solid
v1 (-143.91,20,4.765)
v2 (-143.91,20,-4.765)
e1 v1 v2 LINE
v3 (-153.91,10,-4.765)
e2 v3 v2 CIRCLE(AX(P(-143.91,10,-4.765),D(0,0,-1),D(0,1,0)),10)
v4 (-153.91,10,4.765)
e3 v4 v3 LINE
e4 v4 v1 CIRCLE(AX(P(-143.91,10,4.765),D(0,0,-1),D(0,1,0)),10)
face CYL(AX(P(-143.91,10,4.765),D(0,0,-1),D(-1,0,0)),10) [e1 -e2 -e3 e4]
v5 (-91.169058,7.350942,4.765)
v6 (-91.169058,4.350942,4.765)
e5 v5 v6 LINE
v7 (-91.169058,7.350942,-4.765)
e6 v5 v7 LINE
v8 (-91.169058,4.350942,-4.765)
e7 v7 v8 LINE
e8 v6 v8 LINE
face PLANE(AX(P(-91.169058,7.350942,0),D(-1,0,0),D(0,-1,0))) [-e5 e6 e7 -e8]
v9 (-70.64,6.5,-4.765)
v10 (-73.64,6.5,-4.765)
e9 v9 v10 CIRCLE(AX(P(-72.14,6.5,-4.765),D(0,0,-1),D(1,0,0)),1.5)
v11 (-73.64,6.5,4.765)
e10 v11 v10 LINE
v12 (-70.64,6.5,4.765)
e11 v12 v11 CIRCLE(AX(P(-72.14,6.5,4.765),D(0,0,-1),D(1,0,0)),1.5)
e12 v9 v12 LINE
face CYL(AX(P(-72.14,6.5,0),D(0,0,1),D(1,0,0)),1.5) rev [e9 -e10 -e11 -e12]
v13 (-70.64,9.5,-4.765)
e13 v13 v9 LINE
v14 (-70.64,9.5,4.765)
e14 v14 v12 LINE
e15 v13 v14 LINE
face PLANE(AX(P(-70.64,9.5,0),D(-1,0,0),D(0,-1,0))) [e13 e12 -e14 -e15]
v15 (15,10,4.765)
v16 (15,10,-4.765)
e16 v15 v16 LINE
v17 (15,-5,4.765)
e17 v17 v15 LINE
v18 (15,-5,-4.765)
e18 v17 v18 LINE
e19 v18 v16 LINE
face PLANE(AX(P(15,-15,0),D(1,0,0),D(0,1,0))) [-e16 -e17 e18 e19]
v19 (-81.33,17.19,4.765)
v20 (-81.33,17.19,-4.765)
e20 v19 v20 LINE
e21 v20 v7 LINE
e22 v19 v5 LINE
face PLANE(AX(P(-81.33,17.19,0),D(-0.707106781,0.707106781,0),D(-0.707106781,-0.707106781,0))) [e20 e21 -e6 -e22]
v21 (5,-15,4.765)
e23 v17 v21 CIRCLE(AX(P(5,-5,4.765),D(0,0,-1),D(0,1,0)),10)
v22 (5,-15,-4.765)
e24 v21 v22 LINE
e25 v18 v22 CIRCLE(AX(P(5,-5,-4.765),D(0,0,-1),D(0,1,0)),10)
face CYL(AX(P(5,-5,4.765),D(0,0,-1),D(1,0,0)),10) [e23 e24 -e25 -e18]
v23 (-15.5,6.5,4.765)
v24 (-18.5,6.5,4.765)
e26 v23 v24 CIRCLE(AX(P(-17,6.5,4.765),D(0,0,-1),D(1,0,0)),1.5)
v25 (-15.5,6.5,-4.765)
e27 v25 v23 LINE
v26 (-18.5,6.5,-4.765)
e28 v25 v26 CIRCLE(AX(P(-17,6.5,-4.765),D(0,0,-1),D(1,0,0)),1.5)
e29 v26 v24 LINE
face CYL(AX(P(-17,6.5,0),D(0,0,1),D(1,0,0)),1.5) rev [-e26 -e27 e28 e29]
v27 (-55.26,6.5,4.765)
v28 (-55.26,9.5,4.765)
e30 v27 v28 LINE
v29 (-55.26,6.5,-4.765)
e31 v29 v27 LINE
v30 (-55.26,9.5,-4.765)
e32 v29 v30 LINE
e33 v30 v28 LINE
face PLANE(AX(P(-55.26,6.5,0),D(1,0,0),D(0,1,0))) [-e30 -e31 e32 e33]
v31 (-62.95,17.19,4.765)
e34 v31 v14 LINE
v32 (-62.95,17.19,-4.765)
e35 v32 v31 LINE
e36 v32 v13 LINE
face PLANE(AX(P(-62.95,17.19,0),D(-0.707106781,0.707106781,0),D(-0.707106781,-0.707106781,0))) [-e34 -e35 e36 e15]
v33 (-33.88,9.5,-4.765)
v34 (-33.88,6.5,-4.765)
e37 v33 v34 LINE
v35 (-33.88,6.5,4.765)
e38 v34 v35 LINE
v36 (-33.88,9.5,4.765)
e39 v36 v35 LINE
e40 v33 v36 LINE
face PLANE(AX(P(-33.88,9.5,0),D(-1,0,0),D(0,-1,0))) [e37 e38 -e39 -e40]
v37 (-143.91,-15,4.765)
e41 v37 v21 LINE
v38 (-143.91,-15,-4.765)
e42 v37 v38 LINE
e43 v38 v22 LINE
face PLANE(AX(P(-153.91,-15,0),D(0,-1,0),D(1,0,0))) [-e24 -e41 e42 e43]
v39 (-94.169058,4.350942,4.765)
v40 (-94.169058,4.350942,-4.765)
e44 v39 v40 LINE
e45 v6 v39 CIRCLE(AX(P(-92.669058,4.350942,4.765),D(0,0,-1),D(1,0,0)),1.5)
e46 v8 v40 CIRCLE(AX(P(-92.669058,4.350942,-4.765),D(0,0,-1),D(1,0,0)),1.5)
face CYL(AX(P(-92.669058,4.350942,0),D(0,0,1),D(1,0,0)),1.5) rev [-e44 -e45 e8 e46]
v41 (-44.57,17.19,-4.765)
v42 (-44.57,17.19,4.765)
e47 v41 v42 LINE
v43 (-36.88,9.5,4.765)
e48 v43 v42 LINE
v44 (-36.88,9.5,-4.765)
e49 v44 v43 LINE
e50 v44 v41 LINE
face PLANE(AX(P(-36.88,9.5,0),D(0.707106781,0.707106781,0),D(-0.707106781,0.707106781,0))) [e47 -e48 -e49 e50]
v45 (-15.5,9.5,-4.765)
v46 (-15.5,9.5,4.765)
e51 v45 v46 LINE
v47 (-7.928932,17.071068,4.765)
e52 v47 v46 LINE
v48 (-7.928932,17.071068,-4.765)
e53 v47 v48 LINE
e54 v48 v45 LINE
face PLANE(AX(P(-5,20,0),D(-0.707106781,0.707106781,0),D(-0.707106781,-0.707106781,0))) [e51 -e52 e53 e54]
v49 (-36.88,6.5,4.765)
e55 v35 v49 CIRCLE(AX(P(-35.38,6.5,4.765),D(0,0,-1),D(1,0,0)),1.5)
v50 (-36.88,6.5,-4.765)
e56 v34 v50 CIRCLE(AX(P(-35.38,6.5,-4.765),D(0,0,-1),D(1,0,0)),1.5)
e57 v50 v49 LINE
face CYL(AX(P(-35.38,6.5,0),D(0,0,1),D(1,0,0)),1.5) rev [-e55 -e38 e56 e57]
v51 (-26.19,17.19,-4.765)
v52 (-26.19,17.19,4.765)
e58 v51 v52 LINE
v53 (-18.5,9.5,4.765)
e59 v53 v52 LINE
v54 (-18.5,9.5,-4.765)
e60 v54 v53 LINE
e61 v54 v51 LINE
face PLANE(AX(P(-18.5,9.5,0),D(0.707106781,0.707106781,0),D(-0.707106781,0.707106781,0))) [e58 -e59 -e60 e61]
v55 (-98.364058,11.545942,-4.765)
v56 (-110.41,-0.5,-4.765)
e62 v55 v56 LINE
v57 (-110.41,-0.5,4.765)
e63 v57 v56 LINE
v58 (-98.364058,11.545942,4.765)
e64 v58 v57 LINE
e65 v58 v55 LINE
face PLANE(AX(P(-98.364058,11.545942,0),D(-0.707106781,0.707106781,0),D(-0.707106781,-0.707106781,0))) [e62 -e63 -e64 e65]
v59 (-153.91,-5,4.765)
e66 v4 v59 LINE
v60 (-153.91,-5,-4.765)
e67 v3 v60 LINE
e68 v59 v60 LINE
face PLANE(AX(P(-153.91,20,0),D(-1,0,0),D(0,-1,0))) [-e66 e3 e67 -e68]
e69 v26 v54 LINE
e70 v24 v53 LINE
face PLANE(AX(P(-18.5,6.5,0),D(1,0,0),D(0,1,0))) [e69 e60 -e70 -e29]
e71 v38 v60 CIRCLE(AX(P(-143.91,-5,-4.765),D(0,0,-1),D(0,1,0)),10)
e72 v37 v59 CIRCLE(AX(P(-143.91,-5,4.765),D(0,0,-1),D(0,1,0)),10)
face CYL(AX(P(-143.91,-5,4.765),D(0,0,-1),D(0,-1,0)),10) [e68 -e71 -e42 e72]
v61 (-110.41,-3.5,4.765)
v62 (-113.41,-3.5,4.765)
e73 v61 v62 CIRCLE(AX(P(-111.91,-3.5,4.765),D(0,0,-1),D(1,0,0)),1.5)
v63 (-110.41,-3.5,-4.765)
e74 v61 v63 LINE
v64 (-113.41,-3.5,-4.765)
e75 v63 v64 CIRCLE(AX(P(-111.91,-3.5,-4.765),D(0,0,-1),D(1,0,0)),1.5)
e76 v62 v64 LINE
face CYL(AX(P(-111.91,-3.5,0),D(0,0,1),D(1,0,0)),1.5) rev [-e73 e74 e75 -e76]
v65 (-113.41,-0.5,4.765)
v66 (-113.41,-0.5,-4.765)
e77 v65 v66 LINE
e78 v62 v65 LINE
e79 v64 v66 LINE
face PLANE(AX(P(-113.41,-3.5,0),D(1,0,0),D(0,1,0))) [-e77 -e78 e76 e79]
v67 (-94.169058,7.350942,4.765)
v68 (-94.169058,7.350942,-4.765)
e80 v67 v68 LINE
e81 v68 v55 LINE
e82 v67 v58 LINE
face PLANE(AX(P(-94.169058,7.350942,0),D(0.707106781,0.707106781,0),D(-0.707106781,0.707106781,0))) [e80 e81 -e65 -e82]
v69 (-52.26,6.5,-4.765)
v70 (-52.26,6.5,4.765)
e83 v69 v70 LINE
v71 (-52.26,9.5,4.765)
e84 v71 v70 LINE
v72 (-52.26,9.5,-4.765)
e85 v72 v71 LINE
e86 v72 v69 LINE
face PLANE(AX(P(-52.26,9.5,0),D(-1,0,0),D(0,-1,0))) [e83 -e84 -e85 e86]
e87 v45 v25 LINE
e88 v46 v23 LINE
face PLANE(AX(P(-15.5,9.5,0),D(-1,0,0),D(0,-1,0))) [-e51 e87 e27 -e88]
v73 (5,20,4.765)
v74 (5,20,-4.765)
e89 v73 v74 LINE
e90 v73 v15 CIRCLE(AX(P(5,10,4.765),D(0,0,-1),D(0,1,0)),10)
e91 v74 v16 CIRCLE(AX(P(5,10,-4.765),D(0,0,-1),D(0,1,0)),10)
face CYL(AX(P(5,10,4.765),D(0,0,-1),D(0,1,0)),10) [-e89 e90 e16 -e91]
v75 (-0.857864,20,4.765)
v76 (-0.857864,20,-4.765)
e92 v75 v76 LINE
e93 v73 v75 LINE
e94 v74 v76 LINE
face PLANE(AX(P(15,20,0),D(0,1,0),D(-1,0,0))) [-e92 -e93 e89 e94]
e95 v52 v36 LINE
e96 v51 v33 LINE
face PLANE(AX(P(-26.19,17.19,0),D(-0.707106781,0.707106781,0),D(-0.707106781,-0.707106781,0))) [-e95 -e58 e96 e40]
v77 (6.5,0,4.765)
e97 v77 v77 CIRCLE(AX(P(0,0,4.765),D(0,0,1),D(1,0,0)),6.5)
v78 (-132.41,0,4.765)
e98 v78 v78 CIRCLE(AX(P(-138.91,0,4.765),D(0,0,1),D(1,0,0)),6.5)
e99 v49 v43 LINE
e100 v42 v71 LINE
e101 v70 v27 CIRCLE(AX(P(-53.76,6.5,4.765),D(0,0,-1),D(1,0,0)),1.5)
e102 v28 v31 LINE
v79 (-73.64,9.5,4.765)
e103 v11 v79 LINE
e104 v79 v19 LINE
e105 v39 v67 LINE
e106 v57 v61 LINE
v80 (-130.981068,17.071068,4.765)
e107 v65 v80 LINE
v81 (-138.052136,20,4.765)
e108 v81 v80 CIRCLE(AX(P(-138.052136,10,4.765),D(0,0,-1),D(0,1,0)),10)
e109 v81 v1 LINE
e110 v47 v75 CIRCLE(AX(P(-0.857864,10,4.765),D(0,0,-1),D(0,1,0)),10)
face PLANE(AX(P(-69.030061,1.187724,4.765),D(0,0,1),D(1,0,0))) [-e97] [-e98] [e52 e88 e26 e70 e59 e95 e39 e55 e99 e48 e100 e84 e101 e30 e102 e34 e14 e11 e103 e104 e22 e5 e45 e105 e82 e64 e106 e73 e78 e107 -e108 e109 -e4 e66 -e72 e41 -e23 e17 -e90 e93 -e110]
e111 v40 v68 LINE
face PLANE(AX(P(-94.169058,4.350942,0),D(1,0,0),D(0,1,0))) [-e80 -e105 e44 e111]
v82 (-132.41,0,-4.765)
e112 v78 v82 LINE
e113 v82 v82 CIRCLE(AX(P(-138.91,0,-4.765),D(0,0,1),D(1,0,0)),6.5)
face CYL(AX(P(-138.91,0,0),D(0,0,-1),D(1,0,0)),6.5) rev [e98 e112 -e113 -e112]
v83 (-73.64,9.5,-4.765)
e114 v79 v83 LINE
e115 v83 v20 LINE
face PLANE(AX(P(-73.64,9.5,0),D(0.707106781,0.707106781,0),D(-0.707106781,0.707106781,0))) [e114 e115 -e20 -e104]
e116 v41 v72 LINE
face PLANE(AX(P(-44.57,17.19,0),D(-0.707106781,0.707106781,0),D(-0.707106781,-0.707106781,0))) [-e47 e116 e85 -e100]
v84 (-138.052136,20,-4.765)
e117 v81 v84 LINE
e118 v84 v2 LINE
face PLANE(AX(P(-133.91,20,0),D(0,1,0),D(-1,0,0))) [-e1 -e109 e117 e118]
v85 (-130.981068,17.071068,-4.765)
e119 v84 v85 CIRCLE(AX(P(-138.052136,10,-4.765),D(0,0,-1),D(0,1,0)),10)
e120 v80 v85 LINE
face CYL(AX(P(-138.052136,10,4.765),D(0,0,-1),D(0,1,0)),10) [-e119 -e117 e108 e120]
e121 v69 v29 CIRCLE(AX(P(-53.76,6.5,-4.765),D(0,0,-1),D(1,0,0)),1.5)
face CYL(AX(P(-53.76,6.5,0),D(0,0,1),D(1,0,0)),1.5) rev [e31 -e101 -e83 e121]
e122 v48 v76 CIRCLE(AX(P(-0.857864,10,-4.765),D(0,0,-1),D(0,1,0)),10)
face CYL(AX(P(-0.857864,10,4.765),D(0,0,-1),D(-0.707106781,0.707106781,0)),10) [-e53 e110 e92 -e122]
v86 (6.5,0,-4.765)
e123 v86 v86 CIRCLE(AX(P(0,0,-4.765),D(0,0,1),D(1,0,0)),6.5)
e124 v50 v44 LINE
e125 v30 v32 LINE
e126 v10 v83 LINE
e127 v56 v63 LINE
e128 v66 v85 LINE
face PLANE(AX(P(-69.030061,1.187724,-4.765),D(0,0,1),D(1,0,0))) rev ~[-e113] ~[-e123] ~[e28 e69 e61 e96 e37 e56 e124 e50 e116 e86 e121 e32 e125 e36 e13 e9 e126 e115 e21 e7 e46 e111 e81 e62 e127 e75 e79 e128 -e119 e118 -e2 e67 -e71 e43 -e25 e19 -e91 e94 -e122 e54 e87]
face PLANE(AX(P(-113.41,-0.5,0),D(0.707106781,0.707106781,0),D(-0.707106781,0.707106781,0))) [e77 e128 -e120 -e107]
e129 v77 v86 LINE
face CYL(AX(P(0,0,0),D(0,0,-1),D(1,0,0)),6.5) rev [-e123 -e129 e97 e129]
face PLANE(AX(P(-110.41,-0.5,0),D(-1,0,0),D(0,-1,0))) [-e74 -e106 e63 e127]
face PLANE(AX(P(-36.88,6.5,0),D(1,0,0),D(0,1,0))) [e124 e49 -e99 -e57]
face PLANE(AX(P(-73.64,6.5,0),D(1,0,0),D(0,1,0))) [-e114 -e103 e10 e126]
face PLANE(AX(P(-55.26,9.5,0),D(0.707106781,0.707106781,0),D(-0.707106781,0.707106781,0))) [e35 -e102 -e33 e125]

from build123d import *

# Parameters (mm, degrees)
CROQUIS9_R              = 6.5
SALIENTE_EXTRUIR1_DEPTH = 4.765
REDONDEO1_R             = 10


with BuildPart() as part:
    # Croquis9 → Saliente-Extruir1 (new, symmetric)
    with BuildSketch(Plane.XY):
        with BuildLine():
            Line((-5, 20), (-15.5, 9.5))
            Line((-15.5, 9.5), (-15.5, 6.5))
            ThreePointArc((-15.5, 6.5), (-17, 5), (-18.5, 6.5))
            Line((-18.5, 6.5), (-18.5, 9.5))
            Line((-18.5, 9.5), (-26.19, 17.19))
            Line((-26.19, 17.19), (-33.88, 9.5))
            Line((-33.88, 9.5), (-33.88, 6.5))
            ThreePointArc((-33.88, 6.5), (-35.38, 5), (-36.88, 6.5))
            Line((-36.88, 6.5), (-36.88, 9.5))
            Line((-36.88, 9.5), (-44.57, 17.19))
            Line((-44.57, 17.19), (-52.26, 9.5))
            Line((-52.26, 9.5), (-52.26, 6.5))
            ThreePointArc((-52.26, 6.5), (-53.76, 5), (-55.26, 6.5))
            Line((-55.26, 6.5), (-55.26, 9.5))
            Line((-55.26, 9.5), (-62.95, 17.19))
            Line((-62.95, 17.19), (-70.64, 9.5))
            Line((-70.64, 9.5), (-70.64, 6.5))
            ThreePointArc((-70.64, 6.5), (-72.14, 5), (-73.64, 6.5))
            Line((-73.64, 6.5), (-73.64, 9.5))
            Line((-73.64, 9.5), (-81.33, 17.19))
            Line((-81.33, 17.19), (-91.169058454, 7.350941546))
            Line((-91.169058454, 7.350941546), (-91.169058454, 4.350941546))
            ThreePointArc((-91.169058454, 4.350941546), (-92.669058454, 2.850941546), (-94.169058454, 4.350941546))
            Line((-94.169058454, 4.350941546), (-94.169058454, 7.350941546))
            Line((-94.169058454, 7.350941546), (-98.364058454, 11.545941546))
            Line((-98.364058454, 11.545941546), (-110.41, -0.5))
            Line((-110.41, -0.5), (-110.41, -3.5))
            ThreePointArc((-110.41, -3.5), (-111.91, -5), (-113.41, -3.5))
            Line((-113.41, -3.5), (-113.41, -0.5))
            Line((-113.41, -0.5), (-133.91, 20))
            Line((-133.91, 20), (-153.91, 20))
            Line((-153.91, 20), (-153.91, -15))
            Line((-153.91, -15), (15, -15))
            Line((15, -15), (15, 20))
            Line((15, 20), (-5, 20))
        make_face()
        with Locations((-138.91, 0)):
            Circle(CROQUIS9_R, mode=Mode.SUBTRACT)
        Circle(CROQUIS9_R, mode=Mode.SUBTRACT)
    extrude(amount=SALIENTE_EXTRUIR1_DEPTH, both=True)

    # Redondeo1
    redondeo1_edges = [part.edges().sort_by_distance(p)[0] for p in [
        (15, 20, 0),
        (15, -15, 0),
        (-153.91, -15, 0),
        (-153.91, 20, 0),
        (-133.91, 20, 0),
        (-5, 20, 0),
    ]]
    fillet(redondeo1_edges, radius=REDONDEO1_R)


solid = part.part
